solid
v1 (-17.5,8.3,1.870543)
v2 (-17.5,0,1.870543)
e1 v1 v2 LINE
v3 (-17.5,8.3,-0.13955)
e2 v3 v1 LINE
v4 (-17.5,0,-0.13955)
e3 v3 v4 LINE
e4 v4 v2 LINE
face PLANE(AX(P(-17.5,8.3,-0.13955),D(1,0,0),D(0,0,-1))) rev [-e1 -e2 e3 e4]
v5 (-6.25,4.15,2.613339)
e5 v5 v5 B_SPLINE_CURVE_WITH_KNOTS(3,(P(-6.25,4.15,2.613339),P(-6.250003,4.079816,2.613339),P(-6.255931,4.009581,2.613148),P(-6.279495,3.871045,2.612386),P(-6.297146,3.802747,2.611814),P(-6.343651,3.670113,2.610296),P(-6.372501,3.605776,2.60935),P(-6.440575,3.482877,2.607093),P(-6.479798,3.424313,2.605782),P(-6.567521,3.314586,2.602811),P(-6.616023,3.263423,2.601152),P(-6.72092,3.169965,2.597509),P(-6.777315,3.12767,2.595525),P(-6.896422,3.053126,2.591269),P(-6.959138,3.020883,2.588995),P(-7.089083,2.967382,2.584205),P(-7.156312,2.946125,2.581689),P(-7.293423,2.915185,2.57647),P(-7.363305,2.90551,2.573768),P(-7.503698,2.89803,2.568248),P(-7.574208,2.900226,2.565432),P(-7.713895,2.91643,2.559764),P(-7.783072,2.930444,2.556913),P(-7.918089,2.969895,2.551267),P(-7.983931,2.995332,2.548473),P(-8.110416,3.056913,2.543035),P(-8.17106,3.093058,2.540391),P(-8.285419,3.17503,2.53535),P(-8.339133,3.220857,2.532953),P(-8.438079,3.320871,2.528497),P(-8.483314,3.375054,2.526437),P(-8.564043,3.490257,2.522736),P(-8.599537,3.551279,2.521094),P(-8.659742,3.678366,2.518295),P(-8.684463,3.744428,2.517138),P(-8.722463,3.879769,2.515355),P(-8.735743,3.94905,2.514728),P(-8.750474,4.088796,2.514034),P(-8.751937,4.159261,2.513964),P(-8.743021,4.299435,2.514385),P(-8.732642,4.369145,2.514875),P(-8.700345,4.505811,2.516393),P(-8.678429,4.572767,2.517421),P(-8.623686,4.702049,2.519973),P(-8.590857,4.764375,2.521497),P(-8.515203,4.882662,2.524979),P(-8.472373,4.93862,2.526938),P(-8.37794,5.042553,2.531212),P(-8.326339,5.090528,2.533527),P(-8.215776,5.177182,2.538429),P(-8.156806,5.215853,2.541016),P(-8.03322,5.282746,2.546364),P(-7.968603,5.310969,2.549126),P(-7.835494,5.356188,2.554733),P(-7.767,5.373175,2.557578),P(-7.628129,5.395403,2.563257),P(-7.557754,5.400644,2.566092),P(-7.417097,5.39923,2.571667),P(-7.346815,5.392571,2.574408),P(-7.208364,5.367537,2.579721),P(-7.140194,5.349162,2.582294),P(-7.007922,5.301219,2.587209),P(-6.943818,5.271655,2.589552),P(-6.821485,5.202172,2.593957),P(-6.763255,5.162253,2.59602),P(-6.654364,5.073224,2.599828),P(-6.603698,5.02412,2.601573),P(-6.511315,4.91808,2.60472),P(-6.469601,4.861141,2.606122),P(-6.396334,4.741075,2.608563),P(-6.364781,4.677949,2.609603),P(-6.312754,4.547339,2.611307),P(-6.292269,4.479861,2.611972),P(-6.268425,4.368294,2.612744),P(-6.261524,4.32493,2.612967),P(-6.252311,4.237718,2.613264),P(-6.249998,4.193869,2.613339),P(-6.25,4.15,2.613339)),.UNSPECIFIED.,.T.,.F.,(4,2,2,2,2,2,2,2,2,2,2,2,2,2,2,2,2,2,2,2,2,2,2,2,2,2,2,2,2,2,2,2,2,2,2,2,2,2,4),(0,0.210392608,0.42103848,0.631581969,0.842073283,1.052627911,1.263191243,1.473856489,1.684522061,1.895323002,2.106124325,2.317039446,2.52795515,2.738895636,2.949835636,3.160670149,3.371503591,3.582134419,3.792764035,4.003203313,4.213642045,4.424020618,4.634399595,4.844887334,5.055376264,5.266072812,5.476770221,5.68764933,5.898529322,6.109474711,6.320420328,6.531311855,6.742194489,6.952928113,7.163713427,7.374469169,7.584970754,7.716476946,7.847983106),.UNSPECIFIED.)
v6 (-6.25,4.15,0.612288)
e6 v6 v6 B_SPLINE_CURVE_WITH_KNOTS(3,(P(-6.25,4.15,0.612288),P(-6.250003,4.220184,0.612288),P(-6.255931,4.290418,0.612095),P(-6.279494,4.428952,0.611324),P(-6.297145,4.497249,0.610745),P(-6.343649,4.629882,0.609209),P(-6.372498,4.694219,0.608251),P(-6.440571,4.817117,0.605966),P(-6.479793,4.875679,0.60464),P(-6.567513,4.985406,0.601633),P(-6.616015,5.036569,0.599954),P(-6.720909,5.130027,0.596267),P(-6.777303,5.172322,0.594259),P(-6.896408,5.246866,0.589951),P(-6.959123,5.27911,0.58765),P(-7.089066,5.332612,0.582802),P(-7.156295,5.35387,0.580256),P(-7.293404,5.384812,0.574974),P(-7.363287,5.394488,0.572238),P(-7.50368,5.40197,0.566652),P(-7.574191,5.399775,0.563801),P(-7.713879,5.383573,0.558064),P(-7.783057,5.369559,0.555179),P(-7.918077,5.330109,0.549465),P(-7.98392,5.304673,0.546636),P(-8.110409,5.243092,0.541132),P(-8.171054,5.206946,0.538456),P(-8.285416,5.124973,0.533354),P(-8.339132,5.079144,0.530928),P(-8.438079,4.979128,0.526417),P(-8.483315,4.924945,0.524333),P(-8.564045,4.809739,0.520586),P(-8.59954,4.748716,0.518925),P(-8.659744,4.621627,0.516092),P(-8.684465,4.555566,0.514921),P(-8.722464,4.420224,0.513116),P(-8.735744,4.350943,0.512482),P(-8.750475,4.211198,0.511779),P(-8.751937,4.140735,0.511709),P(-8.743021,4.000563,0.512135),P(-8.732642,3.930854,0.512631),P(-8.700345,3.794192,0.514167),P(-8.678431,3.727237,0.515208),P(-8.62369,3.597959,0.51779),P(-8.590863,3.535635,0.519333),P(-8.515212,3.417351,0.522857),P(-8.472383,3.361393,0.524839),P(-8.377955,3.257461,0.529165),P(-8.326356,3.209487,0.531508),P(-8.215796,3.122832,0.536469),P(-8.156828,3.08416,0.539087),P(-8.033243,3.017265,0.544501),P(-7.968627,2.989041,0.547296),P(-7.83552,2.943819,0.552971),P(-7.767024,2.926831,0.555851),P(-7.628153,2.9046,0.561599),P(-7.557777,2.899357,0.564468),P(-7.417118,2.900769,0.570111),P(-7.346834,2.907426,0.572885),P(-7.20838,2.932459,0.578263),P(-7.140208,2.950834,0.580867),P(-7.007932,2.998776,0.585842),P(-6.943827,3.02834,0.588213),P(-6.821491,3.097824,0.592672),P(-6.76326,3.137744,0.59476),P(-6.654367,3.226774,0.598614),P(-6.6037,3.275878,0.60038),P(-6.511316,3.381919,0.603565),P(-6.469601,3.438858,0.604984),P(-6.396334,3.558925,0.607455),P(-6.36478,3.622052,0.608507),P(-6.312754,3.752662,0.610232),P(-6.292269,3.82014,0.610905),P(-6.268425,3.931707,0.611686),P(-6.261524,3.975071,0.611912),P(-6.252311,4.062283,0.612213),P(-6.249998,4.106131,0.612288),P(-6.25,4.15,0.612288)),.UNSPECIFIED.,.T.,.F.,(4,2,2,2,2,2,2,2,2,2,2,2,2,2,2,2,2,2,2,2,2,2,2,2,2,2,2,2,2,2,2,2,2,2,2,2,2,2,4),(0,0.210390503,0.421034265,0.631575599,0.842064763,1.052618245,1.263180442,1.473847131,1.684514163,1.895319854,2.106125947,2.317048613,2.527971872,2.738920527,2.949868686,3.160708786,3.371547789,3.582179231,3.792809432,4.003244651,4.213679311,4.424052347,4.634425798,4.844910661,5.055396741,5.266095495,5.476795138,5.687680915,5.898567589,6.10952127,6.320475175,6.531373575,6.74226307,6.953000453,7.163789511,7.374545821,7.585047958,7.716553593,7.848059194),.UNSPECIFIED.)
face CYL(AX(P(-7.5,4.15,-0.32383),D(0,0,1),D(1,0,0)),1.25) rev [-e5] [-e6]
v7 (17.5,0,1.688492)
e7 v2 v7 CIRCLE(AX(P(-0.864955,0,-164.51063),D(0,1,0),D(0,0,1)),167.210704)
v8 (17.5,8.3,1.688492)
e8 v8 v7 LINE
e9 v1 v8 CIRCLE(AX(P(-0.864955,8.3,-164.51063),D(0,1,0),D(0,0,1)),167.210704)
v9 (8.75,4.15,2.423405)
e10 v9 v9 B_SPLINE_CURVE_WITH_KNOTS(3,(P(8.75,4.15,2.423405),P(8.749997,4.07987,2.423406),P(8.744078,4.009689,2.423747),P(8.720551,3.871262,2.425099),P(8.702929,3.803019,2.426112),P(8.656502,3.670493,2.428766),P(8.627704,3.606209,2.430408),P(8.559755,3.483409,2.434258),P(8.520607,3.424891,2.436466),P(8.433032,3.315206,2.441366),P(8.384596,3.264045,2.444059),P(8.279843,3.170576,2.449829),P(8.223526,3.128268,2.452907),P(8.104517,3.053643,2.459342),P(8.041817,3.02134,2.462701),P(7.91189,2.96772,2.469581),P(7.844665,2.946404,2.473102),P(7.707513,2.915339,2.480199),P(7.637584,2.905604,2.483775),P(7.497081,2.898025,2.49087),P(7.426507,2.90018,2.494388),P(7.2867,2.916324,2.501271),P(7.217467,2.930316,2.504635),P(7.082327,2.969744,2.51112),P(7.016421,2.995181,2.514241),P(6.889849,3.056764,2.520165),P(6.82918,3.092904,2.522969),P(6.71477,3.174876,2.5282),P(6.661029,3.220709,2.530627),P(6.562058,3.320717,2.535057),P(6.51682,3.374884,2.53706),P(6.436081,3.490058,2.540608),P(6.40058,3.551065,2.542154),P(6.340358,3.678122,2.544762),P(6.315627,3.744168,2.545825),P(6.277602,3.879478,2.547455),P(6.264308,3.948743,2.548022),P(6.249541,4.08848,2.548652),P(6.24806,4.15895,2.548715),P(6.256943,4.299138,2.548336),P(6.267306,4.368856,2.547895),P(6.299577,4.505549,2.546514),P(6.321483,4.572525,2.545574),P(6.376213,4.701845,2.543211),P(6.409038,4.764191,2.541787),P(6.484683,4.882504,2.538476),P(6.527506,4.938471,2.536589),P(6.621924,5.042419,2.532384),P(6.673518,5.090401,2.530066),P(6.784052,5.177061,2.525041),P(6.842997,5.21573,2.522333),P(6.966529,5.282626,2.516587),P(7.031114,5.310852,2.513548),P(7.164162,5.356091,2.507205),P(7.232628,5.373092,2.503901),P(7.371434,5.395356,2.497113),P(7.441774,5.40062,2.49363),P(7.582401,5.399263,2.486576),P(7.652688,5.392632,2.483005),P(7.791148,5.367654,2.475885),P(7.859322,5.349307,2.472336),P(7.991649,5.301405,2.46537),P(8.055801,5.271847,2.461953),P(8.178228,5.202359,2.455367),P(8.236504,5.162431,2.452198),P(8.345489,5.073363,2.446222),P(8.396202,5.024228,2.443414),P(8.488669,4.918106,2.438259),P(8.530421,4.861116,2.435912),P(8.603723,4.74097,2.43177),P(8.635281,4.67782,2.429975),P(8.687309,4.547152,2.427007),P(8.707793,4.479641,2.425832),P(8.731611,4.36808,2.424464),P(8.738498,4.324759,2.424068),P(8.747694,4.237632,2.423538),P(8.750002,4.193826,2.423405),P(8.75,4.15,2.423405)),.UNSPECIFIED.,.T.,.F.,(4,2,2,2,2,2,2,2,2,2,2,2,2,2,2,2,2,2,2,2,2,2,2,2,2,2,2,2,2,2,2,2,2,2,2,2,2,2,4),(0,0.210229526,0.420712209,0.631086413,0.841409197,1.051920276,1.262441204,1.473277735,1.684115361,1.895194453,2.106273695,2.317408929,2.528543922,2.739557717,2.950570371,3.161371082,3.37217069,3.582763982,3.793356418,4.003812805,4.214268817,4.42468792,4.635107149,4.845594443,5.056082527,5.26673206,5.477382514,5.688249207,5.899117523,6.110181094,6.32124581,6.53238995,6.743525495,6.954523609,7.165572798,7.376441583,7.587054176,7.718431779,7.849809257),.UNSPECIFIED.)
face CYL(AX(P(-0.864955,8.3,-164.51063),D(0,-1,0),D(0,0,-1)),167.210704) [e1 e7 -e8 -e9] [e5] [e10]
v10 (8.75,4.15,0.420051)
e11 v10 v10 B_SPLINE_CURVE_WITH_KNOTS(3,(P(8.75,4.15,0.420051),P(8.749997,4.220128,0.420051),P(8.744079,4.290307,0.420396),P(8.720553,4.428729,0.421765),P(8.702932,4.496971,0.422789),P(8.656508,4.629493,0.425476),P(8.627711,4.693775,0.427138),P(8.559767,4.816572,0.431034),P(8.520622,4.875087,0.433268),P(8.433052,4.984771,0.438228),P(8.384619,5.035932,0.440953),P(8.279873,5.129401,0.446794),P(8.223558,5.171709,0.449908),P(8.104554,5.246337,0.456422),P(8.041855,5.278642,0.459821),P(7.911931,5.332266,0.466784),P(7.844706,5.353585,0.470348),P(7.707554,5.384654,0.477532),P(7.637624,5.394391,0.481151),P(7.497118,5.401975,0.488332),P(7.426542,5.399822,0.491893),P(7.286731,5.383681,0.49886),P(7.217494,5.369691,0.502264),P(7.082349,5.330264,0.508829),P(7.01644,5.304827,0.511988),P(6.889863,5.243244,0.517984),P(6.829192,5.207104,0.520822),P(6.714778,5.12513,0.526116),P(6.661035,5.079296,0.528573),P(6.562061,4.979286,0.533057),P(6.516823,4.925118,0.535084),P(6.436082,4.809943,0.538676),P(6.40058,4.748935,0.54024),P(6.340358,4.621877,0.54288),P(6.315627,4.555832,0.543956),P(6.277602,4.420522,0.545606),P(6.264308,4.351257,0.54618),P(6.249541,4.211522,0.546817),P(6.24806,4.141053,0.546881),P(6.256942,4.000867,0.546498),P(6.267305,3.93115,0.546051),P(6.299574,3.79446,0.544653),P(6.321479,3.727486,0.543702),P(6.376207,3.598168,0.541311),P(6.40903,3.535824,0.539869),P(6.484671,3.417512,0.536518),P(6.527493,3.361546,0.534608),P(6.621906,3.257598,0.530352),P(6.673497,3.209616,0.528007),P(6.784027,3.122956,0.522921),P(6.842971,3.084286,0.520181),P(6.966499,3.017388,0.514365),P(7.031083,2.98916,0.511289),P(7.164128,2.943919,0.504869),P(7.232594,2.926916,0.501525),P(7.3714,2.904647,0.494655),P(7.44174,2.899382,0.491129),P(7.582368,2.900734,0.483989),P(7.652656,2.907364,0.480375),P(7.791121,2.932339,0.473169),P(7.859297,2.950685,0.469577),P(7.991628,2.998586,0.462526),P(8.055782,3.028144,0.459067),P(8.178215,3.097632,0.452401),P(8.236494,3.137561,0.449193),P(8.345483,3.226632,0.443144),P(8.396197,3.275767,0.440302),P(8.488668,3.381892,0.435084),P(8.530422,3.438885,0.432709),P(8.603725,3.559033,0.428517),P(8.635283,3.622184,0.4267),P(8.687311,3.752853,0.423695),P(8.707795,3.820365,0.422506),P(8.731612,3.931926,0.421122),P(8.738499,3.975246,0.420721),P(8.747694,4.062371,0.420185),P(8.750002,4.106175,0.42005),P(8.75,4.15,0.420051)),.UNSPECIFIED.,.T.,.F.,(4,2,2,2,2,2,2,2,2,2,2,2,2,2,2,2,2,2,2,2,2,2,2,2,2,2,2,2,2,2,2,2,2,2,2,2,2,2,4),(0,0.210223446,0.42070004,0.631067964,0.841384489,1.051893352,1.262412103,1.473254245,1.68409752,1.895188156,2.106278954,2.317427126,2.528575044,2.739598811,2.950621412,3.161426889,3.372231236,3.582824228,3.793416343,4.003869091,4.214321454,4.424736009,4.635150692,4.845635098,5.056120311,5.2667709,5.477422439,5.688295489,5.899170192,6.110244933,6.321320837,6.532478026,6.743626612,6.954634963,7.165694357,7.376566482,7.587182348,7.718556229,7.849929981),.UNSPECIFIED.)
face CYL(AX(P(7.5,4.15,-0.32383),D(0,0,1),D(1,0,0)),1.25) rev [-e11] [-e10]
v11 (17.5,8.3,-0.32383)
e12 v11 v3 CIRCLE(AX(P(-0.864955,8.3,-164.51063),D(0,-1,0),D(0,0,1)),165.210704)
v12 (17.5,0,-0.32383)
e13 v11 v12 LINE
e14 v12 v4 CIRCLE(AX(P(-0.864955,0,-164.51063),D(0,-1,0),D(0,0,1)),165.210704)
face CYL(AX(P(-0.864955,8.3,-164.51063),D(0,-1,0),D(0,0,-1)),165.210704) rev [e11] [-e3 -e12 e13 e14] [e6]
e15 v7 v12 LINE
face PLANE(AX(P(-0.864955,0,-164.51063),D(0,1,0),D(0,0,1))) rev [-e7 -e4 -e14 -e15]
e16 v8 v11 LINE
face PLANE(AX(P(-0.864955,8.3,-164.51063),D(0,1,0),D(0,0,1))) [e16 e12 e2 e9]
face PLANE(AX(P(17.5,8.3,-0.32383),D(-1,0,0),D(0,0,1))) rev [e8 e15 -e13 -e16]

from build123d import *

# Parameters (mm, degrees)
BOSS_EXTRUDE1_DEPTH     = 8.3
SKETCH2_R               = 1.25
CUT_EXTRUDE1_DEPTH      = 3.700074126
CUT_EXTRUDE1_DEPTH_BACK = 1.323830371


with BuildPart() as part:
    # Sketch1 → Boss-Extrude1 (new body)
    with BuildSketch(Plane(origin=(0, 0, 0), x_dir=(1, 0, 0), z_dir=(0, 1, 0))):
        with BuildLine():
            Line((-17.5, 0.139549674), (-17.5, -1.870543406))
            ThreePointArc((-17.5, -1.870543406), (0.004776494, -2.697812194), (17.5, -1.688491505))
            Line((17.5, -1.688491505), (17.5, 0.323830371))
            ThreePointArc((17.5, 0.323830371), (0.004893833, -0.697784194), (-17.5, 0.139549674))
        make_face()
    extrude(amount=BOSS_EXTRUDE1_DEPTH)

    # Sketch2 → Cut-Extrude1 (cut, two sides)
    with BuildSketch(Plane.XY) as cut_extrude1_sk:
        with Locations((7.5, 4.15)):
            Circle(SKETCH2_R)
        with Locations((-7.5, 4.15)):
            Circle(SKETCH2_R)
    extrude(amount=CUT_EXTRUDE1_DEPTH, mode=Mode.SUBTRACT)
    extrude(cut_extrude1_sk.sketch, amount=-CUT_EXTRUDE1_DEPTH_BACK, mode=Mode.SUBTRACT)


solid = part.part
